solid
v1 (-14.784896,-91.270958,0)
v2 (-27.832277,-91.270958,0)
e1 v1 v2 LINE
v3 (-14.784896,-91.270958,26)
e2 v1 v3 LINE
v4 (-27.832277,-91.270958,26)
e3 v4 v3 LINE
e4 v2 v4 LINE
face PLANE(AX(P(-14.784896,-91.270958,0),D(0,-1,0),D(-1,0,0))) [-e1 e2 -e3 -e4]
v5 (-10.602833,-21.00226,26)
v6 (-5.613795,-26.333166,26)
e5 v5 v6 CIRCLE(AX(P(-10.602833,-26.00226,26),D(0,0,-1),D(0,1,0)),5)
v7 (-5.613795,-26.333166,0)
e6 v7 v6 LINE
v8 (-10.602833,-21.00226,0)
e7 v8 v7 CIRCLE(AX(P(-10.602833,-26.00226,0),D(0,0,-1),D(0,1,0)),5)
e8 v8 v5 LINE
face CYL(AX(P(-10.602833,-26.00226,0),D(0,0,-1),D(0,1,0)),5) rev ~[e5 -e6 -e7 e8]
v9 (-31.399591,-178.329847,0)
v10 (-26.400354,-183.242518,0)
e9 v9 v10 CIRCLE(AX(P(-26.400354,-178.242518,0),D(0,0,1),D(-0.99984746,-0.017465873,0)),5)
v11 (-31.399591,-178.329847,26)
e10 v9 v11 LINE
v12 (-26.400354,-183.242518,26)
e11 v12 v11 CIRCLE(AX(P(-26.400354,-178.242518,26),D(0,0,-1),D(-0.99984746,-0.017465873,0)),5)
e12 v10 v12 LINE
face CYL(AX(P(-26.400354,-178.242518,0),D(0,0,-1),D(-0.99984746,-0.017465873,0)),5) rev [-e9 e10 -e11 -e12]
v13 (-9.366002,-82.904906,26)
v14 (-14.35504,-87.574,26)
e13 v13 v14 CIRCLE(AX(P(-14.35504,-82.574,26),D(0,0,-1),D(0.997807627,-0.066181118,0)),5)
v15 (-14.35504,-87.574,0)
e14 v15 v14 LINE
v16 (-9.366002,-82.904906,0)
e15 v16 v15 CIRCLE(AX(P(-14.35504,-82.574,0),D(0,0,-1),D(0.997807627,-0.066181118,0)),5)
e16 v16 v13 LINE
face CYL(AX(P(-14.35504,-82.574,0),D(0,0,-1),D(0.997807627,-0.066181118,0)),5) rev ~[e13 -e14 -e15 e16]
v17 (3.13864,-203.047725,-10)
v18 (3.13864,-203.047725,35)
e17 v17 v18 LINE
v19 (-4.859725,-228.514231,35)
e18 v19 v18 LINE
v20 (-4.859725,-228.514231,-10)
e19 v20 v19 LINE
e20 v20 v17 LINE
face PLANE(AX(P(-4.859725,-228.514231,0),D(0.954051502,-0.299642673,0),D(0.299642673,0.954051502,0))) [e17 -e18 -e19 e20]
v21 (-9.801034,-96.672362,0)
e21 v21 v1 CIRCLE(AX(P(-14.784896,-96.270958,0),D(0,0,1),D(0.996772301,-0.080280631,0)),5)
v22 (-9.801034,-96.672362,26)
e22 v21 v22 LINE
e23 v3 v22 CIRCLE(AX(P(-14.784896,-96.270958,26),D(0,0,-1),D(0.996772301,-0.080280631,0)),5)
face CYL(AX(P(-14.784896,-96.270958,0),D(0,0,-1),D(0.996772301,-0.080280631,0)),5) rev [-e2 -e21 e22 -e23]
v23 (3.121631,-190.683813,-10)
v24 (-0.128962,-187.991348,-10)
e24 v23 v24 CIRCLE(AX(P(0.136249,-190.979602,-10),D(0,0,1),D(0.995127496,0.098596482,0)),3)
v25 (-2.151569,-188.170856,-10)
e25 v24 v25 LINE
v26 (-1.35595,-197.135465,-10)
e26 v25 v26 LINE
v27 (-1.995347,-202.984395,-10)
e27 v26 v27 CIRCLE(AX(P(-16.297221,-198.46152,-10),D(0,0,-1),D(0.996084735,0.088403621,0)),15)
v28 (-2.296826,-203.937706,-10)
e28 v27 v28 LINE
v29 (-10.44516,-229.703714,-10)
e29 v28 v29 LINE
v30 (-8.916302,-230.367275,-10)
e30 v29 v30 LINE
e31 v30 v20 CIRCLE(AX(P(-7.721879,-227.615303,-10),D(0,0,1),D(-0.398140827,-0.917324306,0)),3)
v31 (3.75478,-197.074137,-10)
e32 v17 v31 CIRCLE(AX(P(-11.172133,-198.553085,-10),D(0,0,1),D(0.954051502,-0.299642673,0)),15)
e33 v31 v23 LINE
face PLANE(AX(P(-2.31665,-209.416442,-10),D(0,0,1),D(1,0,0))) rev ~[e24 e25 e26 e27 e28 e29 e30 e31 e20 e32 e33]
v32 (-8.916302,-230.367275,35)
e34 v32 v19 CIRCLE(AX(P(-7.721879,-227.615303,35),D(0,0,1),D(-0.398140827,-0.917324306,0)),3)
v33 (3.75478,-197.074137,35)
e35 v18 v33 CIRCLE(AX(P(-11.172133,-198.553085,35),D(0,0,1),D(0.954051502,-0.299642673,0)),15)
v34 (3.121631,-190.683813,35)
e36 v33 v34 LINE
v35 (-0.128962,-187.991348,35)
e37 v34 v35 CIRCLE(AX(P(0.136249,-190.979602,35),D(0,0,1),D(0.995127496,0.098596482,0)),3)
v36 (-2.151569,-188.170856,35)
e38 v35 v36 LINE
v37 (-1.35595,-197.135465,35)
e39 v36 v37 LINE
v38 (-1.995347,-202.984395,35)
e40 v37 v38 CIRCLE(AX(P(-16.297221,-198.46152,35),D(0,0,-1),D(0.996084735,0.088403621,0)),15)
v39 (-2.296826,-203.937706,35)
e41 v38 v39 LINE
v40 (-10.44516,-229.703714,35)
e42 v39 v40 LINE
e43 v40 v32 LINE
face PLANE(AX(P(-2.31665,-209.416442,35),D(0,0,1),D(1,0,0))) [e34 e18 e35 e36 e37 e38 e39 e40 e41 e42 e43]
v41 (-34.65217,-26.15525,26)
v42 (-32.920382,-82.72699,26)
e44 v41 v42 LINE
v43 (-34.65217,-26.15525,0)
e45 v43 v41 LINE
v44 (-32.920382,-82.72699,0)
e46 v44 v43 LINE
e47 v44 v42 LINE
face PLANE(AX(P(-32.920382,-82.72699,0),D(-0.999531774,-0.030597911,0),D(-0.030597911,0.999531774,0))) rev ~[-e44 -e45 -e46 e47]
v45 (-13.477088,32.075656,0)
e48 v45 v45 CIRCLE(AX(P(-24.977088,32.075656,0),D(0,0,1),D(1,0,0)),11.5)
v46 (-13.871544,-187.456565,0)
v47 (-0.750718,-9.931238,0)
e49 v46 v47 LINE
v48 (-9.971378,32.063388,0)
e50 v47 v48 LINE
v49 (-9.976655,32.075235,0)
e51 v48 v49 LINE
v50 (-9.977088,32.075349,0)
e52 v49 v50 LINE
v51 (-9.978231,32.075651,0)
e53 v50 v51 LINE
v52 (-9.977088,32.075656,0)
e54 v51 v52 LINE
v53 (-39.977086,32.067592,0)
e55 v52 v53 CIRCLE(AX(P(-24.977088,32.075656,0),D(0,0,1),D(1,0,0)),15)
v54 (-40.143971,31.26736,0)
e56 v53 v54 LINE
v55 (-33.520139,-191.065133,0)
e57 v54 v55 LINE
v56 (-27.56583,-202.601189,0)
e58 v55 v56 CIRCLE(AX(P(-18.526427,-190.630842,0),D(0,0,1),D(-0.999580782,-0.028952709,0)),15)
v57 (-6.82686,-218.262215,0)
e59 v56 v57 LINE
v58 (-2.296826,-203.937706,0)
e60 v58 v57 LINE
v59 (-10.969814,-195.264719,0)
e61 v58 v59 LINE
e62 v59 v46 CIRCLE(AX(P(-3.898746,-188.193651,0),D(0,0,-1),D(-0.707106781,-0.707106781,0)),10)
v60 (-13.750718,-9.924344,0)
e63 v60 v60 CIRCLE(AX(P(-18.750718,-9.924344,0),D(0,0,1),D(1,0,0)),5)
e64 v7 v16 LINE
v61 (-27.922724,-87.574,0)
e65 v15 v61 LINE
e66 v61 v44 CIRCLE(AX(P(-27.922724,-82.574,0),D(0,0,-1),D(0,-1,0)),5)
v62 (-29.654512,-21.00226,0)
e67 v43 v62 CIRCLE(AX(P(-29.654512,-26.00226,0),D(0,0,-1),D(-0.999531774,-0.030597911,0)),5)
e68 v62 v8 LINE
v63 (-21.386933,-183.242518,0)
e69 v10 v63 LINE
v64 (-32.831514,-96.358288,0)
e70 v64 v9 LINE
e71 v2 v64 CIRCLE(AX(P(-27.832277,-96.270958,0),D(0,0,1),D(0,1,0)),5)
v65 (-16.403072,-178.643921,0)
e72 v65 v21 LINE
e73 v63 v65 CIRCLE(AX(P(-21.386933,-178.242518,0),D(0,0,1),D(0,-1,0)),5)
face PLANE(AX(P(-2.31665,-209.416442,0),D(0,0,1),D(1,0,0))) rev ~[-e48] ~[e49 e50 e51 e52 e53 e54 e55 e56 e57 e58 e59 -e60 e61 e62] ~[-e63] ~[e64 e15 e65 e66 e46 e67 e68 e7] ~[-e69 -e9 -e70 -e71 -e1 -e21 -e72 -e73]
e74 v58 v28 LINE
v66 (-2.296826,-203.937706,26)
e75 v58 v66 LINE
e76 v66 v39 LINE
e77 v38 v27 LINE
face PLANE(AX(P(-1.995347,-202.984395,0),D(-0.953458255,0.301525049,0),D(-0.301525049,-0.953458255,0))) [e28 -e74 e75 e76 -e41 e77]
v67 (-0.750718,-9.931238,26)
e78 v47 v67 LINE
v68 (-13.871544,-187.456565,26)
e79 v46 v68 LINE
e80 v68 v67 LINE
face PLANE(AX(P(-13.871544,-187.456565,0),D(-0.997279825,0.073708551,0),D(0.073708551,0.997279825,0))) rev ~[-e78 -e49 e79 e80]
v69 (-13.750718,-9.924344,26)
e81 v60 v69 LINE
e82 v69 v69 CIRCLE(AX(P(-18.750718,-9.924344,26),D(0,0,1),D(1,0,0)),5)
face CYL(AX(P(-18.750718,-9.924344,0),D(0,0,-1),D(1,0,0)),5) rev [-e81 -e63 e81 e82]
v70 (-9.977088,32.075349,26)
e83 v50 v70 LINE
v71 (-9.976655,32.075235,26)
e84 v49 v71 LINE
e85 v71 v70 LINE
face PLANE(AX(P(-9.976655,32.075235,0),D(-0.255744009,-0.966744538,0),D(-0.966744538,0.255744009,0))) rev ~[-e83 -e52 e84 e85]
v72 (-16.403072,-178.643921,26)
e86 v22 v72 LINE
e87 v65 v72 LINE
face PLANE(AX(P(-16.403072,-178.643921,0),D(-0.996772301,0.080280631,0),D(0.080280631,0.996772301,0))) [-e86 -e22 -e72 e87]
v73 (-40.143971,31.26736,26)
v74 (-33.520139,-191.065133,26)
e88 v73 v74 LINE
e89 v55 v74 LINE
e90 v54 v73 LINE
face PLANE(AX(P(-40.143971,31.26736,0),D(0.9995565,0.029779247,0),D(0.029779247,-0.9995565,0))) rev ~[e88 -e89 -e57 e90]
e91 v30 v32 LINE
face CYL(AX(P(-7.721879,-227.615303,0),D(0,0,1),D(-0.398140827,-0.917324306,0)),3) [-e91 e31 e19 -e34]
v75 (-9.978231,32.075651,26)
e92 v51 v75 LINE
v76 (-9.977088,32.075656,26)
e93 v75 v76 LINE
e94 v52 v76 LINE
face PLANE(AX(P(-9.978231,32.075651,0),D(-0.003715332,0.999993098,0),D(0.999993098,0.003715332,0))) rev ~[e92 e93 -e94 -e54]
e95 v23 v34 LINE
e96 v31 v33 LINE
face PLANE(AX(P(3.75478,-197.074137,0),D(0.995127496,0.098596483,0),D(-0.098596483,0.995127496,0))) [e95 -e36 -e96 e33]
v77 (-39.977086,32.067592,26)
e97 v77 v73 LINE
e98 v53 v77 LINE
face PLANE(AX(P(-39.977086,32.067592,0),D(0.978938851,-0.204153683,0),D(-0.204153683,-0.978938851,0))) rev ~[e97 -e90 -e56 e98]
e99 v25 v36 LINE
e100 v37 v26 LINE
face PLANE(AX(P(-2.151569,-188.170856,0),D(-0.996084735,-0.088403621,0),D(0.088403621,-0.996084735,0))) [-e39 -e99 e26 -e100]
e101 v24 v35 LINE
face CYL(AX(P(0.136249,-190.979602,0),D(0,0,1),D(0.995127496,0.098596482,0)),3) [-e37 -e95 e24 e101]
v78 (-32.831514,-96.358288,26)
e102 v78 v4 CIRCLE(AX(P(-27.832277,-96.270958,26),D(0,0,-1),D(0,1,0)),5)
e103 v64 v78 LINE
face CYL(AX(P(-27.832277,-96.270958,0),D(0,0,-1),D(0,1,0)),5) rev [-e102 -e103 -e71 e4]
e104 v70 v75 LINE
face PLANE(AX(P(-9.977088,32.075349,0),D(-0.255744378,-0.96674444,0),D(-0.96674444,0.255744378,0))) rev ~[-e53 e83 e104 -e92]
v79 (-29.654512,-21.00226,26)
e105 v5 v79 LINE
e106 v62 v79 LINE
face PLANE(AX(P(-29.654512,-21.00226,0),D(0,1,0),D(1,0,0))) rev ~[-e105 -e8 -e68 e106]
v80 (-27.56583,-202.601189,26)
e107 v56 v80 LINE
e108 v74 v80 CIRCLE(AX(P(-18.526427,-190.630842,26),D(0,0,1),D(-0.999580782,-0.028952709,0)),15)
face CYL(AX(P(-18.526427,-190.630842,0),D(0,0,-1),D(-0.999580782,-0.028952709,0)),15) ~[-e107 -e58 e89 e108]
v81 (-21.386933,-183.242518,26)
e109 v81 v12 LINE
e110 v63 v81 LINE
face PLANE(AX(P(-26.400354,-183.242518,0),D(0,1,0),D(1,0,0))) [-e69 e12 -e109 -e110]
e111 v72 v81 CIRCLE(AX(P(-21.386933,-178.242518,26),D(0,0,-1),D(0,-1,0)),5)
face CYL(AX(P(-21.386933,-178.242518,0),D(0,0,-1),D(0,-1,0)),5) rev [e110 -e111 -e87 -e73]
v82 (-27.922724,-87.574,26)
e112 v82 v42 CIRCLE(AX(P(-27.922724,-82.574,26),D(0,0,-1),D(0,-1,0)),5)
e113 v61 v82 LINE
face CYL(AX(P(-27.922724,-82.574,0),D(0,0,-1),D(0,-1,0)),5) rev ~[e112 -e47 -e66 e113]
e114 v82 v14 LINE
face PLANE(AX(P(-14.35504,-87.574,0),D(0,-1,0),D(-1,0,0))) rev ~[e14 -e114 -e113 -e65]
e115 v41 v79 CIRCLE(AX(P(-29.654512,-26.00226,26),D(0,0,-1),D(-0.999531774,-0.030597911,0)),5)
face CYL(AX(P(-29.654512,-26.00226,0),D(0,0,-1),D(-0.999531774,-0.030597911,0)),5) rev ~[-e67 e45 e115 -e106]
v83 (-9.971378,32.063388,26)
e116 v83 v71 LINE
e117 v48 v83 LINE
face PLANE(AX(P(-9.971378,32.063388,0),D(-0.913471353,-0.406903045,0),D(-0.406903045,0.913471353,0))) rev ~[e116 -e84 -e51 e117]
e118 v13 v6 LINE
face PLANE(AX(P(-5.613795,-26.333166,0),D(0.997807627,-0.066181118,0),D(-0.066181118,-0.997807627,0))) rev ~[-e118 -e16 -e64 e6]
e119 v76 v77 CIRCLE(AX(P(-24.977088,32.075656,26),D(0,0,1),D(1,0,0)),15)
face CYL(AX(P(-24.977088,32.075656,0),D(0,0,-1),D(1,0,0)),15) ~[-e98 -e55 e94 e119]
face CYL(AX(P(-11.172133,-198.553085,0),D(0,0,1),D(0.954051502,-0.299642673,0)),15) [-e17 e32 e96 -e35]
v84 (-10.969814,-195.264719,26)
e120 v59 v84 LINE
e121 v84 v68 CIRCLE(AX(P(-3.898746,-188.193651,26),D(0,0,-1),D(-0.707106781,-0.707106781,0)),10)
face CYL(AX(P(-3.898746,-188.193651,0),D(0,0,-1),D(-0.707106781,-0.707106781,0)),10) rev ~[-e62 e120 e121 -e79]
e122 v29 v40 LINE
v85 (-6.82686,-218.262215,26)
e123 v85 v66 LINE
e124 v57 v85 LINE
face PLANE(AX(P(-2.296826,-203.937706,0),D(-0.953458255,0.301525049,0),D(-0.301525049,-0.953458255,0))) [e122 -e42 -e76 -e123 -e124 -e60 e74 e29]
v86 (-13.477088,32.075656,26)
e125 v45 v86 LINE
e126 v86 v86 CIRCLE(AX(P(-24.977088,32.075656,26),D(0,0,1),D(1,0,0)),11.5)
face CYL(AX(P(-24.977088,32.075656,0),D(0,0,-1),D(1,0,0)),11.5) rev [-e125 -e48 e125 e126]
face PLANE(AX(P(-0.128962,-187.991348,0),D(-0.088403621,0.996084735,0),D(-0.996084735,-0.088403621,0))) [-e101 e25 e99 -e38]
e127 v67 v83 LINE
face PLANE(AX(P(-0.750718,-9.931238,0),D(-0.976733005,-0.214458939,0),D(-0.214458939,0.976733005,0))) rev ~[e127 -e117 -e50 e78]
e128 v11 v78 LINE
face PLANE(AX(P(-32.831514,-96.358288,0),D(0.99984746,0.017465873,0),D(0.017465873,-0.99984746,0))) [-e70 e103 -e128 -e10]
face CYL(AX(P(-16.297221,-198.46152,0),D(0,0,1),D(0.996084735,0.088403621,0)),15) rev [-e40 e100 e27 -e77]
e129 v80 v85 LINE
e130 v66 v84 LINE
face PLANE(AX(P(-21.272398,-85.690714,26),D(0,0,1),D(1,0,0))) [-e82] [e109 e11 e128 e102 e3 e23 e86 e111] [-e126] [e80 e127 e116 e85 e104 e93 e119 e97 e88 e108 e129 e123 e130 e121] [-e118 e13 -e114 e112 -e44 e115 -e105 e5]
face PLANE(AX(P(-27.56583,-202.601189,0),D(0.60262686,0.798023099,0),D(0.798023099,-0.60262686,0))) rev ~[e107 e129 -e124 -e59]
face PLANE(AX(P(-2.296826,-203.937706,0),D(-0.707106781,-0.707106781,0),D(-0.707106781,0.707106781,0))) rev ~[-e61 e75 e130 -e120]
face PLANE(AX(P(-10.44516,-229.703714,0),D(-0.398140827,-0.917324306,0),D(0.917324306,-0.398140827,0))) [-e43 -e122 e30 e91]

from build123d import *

# Parameters (mm, degrees)
SKETCH1_R                = 5
BOSS_EXTRUDE2_DEPTH      = 26
SKETCH9_R                = 11.5
CUT_EXTRUDE7_DEPTH       = 26
CUT_EXTRUDE8_DEPTH       = 57
BOSS_EXTRUDE5_DEPTH      = 35
BOSS_EXTRUDE5_DEPTH_BACK = 10


with BuildPart() as part:
    # Sketch1 → Boss-Extrude2 (new body)
    with BuildSketch(Plane.XY):
        with BuildLine():
            Line((-13.871543988, -187.456565175), (-0.750718318, -9.931237526))
            Line((-0.750718318, -9.931237526), (-9.971378105, 32.063387678))
            Line((-9.971378105, 32.063387678), (-9.97665526, 32.075234554))
            Line((-9.97665526, 32.075234554), (-9.977087782, 32.075348974))
            Line((-9.977087782, 32.075348974), (-9.978230603, 32.075651298))
            Line((-9.978230603, 32.075651298), (-9.977087779, 32.075655544))
            ThreePointArc((-9.977087779, 32.075655544), (-24.981119404, 47.075655002), (-39.977085612, 32.067592296))
            Line((-39.977085612, 32.067592296), (-40.143970803, 31.267359869))
            Line((-40.143970803, 31.267359869), (-33.520138903, -191.065133081))
            ThreePointArc((-33.520138903, -191.065133081), (-31.855635546, -197.51068285), (-27.565830072, -202.601188939))
            Line((-27.565830072, -202.601188939), (-6.826859709, -218.262215052))
            Line((-6.826859709, -218.262215052), (-2.296825809, -203.937706242))
            Line((-2.296825809, -203.937706242), (-10.96981355, -195.264718501))
            ThreePointArc((-10.96981355, -195.264718501), (-13.272387355, -191.677160819), (-13.871543988, -187.456565175))
        make_face()
        with Locations((-18.750718318, -9.924344456)):
            Circle(SKETCH1_R, mode=Mode.SUBTRACT)
    extrude(amount=BOSS_EXTRUDE2_DEPTH)

    # Sketch9 → Cut-Extrude7 (cut)
    with BuildSketch(Plane.XY):
        with Locations((-24.977087779, 32.075655544)):
            Circle(SKETCH9_R)
    extrude(amount=CUT_EXTRUDE7_DEPTH, mode=Mode.SUBTRACT)

    # Sketch10 → Cut-Extrude8 (cut)
    with BuildSketch(Plane.XY):
        with BuildLine():
            Line((-29.654511548, -21.002260091), (-10.602832717, -21.002260091))
            ThreePointArc((-10.602832717, -21.002260091), (-6.952180176, -22.585721488), (-5.613794584, -26.333165681))
            Line((-5.613794584, -26.333165681), (-9.366001824, -82.90490561))
            ThreePointArc((-9.366001824, -82.90490561), (-10.938501354, -86.224652561), (-14.355039957, -87.574000019))
            Line((-14.355039957, -87.574000019), (-27.922723591, -87.574000019))
            ThreePointArc((-27.922723591, -87.574000019), (-31.403747307, -86.163216354), (-32.920382463, -82.726989577))
            Line((-32.920382463, -82.726989577), (-34.65217042, -26.155249648))
            ThreePointArc((-34.65217042, -26.155249648), (-33.243727882, -22.521236375), (-29.654511548, -21.002260091))
        make_face()
        with BuildLine():
            Line((-14.784895538, -91.270958439), (-27.832276958, -91.270958439))
            ThreePointArc((-27.832276958, -91.270958439), (-31.398552804, -92.766436134), (-32.831514258, -96.358287804))
            Line((-32.831514258, -96.358287804), (-31.399590979, -178.329847134))
            ThreePointArc((-31.399590979, -178.329847134), (-29.904875984, -181.808793615), (-26.400353679, -183.242517768))
            Line((-26.400353679, -183.242517768), (-21.386933453, -183.242517768))
            ThreePointArc((-21.386933453, -183.242517768), (-17.996285711, -181.917229715), (-16.403071948, -178.643920925))
            Line((-16.403071948, -178.643920925), (-9.801034032, -96.672361595))
            ThreePointArc((-9.801034032, -96.672361595), (-11.110183591, -92.880310697), (-14.784895538, -91.270958439))
        make_face()
    extrude(amount=CUT_EXTRUDE8_DEPTH, mode=Mode.SUBTRACT)

    # Sketch11 → Boss-Extrude5 (add, two sides)
    with BuildSketch(Plane.XY) as boss_extrude5_sk:
        with BuildLine():
            Line((-2.296825809, -203.937706242), (-6.826859709, -218.262215052))
            Line((-6.826859709, -218.262215052), (-10.445160296, -229.703714118))
            Line((-10.445160296, -229.703714118), (-8.916301823, -230.367275492))
            ThreePointArc((-8.916301823, -230.367275492), (-6.475373676, -230.344079521), (-4.859724836, -228.514230593))
            Line((-4.859724836, -228.514230593), (3.138639896, -203.047724737))
            ThreePointArc((3.138639896, -203.047724737), (3.748708228, -200.0920804), (3.754779808, -197.074137401))
            Line((3.754779808, -197.074137401), (3.121631235, -190.683812553))
            ThreePointArc((3.121631235, -190.683812553), (2.049929764, -188.669228662), (-0.128962116, -187.991347795))
            Line((-0.128962116, -187.991347795), (-2.151569065, -188.170856397))
            Line((-2.151569065, -188.170856397), (-1.355950129, -197.135465185))
            ThreePointArc((-1.355950129, -197.135465185), (-1.386055005, -200.091588206), (-1.995347326, -202.984395233))
            Line((-1.995347326, -202.984395233), (-2.296825809, -203.937706242))
        make_face()
    extrude(amount=BOSS_EXTRUDE5_DEPTH)
    extrude(boss_extrude5_sk.sketch, amount=-BOSS_EXTRUDE5_DEPTH_BACK)


solid = part.part
